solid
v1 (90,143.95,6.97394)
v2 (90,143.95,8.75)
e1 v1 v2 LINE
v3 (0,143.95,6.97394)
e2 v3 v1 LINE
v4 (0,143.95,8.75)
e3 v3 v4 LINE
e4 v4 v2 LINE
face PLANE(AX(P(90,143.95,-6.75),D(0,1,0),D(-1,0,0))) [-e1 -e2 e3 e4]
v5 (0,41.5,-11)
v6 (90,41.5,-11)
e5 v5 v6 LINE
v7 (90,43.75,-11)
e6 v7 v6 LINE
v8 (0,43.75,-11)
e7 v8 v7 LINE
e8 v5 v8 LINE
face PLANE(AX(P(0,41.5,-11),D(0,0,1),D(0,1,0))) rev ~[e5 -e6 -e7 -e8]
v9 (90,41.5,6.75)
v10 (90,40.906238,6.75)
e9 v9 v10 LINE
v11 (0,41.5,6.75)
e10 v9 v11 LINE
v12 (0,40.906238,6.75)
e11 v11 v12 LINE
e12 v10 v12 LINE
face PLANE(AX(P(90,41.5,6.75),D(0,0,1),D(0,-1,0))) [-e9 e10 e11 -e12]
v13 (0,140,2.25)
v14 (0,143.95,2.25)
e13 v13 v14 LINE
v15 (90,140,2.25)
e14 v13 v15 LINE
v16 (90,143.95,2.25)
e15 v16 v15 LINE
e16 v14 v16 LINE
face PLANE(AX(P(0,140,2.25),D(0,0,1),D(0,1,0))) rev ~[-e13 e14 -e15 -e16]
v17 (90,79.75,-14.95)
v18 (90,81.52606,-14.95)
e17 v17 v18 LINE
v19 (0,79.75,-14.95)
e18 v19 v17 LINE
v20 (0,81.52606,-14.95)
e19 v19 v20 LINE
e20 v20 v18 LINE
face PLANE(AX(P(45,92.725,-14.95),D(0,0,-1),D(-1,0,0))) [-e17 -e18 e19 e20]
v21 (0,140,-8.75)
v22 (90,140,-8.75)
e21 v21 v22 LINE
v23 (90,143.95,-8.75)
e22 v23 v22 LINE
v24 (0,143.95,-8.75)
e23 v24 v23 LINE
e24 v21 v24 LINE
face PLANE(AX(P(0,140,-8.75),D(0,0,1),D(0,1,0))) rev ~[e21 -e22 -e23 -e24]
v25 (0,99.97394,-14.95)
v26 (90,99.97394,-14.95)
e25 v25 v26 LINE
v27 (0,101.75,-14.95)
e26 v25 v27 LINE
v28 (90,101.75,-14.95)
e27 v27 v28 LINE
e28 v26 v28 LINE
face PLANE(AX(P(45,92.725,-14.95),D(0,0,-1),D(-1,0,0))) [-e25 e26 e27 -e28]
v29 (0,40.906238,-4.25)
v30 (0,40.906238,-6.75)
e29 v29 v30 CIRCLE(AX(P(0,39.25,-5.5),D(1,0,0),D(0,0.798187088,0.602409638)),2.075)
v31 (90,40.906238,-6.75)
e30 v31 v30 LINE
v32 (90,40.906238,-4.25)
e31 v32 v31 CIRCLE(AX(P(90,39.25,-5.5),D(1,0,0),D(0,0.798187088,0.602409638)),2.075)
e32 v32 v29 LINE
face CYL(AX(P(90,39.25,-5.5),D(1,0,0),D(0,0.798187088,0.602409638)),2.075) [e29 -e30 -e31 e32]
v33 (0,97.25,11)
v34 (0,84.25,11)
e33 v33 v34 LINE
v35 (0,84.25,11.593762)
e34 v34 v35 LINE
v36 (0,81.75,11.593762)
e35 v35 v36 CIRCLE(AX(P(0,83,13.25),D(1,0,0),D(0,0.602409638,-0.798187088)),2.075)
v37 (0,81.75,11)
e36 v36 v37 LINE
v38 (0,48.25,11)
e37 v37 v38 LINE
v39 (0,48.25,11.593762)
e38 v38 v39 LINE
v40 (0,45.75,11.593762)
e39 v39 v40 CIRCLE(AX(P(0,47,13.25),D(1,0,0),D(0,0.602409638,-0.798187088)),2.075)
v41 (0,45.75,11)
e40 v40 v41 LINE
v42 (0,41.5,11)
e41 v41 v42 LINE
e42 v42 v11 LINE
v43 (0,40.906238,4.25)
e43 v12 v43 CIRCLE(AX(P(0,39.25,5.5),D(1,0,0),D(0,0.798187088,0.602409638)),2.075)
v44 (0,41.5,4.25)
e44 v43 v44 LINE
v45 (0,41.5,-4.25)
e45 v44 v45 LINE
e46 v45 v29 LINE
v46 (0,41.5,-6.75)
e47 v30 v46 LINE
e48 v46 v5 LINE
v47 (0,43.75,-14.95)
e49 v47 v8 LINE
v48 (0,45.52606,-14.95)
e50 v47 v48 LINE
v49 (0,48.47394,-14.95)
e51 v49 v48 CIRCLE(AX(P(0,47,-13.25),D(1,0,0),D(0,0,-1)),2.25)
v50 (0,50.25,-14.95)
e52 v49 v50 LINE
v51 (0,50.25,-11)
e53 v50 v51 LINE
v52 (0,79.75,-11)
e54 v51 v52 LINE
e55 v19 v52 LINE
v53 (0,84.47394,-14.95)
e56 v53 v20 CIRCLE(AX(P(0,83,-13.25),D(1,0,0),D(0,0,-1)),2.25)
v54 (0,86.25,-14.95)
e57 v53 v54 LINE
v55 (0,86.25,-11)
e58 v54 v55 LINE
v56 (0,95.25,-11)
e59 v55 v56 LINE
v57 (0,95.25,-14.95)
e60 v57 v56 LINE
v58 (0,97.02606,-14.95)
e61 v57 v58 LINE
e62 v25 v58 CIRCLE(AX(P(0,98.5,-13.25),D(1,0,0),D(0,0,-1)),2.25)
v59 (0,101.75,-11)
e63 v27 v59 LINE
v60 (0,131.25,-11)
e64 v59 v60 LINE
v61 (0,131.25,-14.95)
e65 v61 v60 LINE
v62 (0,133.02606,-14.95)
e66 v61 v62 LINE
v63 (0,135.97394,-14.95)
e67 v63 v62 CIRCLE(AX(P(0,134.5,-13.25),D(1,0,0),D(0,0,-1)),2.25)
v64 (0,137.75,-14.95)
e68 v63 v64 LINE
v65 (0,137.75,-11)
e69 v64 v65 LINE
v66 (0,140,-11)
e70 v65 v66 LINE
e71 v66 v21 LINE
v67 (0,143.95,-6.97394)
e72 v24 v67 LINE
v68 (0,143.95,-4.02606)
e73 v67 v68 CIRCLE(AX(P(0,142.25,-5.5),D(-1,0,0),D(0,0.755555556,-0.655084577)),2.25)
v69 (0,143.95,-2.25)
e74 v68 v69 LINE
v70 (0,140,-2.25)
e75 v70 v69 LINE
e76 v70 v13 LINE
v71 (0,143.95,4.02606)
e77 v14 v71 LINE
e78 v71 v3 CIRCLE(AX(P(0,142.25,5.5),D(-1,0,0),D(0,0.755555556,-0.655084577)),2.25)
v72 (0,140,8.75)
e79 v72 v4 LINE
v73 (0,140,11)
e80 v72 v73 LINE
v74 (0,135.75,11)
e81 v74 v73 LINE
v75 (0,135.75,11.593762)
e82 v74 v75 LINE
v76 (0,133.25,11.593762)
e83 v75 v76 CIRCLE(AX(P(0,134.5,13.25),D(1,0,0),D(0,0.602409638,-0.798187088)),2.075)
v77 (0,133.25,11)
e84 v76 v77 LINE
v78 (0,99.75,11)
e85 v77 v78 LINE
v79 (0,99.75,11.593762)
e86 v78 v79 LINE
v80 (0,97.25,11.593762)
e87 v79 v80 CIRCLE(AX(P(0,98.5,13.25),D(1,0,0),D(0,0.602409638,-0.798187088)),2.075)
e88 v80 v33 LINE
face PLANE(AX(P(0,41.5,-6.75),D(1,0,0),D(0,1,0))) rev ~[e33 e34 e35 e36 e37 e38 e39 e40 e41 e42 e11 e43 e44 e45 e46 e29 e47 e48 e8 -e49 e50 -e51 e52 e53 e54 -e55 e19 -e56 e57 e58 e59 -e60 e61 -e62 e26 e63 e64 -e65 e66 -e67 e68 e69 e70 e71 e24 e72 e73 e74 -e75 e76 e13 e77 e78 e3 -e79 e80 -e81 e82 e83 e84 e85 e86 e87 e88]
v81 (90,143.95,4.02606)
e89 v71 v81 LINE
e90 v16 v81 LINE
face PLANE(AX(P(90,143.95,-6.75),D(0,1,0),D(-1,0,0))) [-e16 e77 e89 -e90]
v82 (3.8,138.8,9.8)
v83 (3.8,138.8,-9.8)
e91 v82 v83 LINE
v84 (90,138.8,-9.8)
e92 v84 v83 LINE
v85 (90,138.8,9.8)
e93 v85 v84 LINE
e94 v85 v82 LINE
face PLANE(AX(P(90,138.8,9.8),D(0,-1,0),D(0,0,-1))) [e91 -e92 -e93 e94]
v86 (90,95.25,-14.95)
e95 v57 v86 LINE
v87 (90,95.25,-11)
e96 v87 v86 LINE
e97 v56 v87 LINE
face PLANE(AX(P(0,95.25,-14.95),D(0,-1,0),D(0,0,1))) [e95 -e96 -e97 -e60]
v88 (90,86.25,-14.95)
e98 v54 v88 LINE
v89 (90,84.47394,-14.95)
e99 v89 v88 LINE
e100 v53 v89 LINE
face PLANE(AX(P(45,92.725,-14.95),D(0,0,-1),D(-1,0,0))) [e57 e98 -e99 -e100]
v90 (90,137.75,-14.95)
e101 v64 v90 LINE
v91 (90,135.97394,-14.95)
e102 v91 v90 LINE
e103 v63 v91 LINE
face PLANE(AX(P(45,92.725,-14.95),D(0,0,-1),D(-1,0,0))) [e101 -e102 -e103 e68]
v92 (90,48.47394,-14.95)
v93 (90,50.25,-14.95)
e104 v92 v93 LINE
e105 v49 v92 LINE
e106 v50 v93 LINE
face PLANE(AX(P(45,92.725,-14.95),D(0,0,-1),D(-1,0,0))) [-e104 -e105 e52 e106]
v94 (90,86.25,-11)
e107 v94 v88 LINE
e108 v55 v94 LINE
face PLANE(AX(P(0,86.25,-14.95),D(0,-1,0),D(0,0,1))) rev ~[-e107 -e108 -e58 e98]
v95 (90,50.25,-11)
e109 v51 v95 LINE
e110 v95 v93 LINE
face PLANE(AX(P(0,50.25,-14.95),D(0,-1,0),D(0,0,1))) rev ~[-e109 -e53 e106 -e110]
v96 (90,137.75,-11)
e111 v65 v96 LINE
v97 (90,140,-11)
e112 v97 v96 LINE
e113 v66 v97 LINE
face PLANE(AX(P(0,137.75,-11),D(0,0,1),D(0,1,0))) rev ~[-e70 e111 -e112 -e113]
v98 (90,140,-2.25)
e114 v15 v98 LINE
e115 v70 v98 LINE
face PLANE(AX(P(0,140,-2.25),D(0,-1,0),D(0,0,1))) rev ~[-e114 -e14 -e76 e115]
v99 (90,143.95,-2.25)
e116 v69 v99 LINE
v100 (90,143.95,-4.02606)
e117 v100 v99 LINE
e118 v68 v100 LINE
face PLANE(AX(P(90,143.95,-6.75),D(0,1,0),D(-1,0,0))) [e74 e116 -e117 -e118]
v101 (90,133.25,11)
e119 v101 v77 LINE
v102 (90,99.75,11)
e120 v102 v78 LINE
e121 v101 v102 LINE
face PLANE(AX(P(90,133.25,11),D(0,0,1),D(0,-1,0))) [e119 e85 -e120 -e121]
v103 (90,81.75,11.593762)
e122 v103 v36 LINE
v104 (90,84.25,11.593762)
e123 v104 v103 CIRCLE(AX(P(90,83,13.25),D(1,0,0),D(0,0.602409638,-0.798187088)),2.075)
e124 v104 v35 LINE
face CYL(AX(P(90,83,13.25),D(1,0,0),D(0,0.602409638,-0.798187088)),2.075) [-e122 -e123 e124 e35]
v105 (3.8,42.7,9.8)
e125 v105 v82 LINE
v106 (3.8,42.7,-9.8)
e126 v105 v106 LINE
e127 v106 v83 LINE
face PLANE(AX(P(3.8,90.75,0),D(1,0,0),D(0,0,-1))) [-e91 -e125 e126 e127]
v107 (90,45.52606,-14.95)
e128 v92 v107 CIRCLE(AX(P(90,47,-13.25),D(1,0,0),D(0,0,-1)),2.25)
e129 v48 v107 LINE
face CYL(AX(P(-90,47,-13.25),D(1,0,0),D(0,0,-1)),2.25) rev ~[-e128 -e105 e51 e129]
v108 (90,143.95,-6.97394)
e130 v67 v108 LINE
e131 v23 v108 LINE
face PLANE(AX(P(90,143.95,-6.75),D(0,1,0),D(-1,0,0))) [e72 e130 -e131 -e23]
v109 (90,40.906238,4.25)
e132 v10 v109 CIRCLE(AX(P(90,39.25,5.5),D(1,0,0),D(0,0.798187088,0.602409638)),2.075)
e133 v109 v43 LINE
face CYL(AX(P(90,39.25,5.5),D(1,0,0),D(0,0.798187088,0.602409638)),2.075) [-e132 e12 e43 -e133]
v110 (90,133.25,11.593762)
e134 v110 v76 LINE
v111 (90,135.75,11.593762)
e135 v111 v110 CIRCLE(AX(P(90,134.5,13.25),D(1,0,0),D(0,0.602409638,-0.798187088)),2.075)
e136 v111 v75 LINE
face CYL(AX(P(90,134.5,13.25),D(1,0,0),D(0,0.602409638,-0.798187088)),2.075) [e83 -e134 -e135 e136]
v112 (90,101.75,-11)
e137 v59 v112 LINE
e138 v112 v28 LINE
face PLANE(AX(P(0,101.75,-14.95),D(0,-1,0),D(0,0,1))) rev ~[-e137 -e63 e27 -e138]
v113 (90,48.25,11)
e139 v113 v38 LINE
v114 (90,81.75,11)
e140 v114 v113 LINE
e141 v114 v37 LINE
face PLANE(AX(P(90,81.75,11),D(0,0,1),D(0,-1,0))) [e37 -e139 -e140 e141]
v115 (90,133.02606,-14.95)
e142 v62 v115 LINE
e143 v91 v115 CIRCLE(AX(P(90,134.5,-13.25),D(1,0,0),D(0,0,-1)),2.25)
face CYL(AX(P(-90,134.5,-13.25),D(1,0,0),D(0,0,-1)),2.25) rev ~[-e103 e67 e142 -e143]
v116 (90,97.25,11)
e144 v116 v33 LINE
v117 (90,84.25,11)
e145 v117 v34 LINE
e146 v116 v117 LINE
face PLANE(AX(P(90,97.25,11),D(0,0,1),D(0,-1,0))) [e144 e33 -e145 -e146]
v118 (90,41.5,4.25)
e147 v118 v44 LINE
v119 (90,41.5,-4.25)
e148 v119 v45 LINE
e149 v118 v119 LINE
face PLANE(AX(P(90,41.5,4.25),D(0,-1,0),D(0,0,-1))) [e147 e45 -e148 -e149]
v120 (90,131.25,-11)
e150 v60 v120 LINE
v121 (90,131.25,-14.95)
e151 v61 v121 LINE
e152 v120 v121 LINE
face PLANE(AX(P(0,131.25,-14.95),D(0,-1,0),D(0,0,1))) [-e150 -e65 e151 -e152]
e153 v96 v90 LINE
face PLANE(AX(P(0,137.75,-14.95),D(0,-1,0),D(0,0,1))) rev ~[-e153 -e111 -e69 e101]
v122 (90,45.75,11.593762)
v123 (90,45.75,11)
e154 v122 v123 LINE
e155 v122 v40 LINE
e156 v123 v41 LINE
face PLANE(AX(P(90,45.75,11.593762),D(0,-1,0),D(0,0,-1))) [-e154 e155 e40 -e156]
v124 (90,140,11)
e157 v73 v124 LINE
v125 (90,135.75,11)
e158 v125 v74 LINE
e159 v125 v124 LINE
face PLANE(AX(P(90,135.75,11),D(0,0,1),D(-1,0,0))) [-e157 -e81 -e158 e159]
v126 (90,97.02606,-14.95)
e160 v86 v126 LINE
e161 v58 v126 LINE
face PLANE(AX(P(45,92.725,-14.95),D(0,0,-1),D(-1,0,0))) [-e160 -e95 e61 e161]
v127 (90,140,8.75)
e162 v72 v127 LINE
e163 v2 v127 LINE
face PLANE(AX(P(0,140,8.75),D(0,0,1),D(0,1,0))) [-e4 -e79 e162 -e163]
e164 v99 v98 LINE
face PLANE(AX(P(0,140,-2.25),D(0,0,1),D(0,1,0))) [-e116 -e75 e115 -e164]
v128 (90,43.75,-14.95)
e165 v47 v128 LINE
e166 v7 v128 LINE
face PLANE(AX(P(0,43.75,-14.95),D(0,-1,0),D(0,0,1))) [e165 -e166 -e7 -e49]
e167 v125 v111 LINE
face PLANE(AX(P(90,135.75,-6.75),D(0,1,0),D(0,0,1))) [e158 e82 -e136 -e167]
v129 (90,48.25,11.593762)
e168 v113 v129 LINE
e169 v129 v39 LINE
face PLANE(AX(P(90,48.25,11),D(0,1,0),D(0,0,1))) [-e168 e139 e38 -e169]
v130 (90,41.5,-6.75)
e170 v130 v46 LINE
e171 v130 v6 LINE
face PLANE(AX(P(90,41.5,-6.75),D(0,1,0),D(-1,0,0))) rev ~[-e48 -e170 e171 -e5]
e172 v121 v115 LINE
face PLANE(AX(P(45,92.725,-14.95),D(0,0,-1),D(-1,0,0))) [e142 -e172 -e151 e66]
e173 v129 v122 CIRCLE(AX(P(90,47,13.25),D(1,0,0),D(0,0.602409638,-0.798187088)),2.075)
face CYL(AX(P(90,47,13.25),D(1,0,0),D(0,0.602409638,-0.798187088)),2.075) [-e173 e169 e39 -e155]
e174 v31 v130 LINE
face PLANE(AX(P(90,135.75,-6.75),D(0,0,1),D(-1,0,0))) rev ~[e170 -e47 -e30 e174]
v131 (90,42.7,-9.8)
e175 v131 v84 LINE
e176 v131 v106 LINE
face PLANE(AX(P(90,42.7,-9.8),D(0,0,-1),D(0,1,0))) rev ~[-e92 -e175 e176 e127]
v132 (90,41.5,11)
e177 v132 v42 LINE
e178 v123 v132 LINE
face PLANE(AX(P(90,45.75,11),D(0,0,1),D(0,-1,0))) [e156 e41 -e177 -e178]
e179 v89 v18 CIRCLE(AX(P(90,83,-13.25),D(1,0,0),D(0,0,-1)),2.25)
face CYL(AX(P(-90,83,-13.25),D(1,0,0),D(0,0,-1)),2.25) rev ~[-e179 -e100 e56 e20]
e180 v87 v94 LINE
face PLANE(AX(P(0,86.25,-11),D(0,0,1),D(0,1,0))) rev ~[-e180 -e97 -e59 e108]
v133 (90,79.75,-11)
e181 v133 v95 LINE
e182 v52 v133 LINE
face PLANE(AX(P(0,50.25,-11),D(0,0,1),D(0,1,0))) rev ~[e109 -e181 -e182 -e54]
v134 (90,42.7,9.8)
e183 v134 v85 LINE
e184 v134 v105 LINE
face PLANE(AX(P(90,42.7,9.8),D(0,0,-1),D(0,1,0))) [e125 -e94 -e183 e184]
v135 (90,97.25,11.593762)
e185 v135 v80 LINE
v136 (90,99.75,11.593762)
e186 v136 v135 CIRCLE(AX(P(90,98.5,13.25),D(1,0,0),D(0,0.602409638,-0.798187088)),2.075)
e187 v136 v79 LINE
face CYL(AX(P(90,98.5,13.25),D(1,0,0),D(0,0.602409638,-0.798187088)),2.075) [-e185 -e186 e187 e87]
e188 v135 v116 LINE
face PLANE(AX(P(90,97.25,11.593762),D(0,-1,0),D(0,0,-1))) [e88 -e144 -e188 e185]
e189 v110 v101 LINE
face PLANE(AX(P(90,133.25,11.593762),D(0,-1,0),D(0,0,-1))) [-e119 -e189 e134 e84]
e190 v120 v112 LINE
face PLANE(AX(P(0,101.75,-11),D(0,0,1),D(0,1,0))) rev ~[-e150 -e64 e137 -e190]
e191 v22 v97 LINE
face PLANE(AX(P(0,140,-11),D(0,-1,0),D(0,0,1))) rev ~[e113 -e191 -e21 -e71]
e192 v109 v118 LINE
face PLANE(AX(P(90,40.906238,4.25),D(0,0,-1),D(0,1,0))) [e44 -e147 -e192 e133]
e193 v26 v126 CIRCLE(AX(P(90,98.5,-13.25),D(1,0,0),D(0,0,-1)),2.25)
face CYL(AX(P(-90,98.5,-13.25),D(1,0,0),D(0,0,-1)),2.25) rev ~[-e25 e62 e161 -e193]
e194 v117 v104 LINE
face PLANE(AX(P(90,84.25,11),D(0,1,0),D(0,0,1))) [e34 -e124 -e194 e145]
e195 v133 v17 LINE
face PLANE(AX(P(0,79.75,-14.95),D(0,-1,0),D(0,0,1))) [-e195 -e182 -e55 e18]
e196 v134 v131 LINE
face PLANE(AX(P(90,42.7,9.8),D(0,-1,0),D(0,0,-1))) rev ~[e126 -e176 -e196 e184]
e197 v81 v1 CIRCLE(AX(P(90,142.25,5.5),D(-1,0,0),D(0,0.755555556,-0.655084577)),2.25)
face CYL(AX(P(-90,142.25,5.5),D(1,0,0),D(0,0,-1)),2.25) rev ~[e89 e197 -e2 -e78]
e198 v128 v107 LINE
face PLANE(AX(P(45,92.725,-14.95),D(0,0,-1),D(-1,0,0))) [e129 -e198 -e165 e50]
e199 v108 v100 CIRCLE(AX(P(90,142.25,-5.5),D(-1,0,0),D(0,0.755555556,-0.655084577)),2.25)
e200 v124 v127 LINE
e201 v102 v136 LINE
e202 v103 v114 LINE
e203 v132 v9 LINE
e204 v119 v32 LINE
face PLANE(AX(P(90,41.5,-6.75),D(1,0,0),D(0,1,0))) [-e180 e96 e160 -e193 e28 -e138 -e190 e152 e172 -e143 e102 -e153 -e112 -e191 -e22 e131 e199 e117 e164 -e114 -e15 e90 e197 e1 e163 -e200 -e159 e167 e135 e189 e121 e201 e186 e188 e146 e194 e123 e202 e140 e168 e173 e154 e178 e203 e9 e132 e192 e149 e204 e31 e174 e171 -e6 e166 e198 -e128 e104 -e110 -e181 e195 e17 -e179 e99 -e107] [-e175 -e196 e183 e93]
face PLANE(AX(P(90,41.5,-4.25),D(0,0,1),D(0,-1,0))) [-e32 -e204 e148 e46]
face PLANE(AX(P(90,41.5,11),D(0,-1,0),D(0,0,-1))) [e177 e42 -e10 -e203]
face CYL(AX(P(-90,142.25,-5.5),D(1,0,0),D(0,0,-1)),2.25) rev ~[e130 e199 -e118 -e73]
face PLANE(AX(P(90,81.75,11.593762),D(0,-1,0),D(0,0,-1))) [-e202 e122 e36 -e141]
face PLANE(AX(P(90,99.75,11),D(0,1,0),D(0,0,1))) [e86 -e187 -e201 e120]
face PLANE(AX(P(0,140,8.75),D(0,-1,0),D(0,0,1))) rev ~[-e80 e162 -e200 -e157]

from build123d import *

# Parameters (mm, degrees)
EXTRUDE_1_DEPTH             = 90
SKETCH_2_W                  = 90
SKETCH_2_H                  = 17.75
EXTRUDE_2_DEPTH             = 8.2
SKETCH_3_W                  = 90
SKETCH_3_H                  = 102.45
EXTRUDE_3_DEPTH             = 8.2
SKETCH_4_W                  = 3.95
SKETCH_4_H                  = 2.25
CUT_EXTRUDE_1_DEPTH         = 91
SKETCH_5_W                  = 3.95
SKETCH_5_H                  = 29.5
CUT_EXTRUDE_2_DEPTH         = 91
SKETCH_6_W                  = 3.95
SKETCH_6_H                  = 9
CUT_EXTRUDE_3_DEPTH         = 91
SKETCH_7_W                  = 3.95
SKETCH_7_H                  = 29.5
CUT_EXTRUDE_4_DEPTH         = 91
SKETCH_8_W                  = 3.95
SKETCH_8_H                  = 6.2
CUT_EXTRUDE_5_DEPTH         = 91
SKETCH_9_W                  = 2.25
SKETCH_9_H                  = 3.95
CUT_EXTRUDE_6_DEPTH         = 91
SKETCH_10_W                 = 4.5
SKETCH_10_H                 = 3.95
CUT_EXTRUDE_7_DEPTH         = 91
SKETCH_11_W                 = 2.25
SKETCH_11_H                 = 3.95
CUT_EXTRUDE_8_DEPTH         = 91
SKETCH_12_W                 = 19.6
SKETCH_12_H                 = 96.1
CUT_EXTRUDE_9_DEPTH         = 86.2
HOLE_WIZARD_4_5_4_5_1_D     = 4.5
HOLE_WIZARD_4_5_4_5_1_DEPTH = 90
HOLE_WIZARD_2_5_2_5_1_D     = 2.5
HOLE_WIZARD_2_5_2_5_1_DEPTH = 90
SKETCH_20_R                 = 1.649948342
SKETCH_20_R_2               = 1.660581376
SKETCH_20_R_3               = 1.430745594
SKETCH_20_R_4               = 1.573250385
SKETCH_20_R_5               = 1.502029841
SKETCH_20_R_6               = 1.53795619
EXTRUDE_5_DEPTH             = 90


with BuildPart() as part:
    # Эскиз1 → Бобышка-Вытянуть1 (new body)
    with BuildSketch(Plane(origin=(90, 0, 0), x_dir=(0, 0, -1), z_dir=(1, 0, 0))):
        with BuildLine():
            Line((6.75, 40.906238208), (6.75, 135.75))
            Line((6.75, 135.75), (-11.593761792, 135.75))
            ThreePointArc((-11.593761792, 135.75), (-15.325, 134.5), (-11.593761793, 133.25))
            Line((-11.593761793, 133.25), (-11, 133.25))
            Line((-11, 133.25), (-11, 99.75))
            Line((-11, 99.75), (-11.593761792, 99.75))
            ThreePointArc((-11.593761792, 99.75), (-15.325, 98.5), (-11.593761792, 97.25))
            Line((-11.593761792, 97.25), (-11, 97.25))
            Line((-11, 97.25), (-11, 84.25))
            Line((-11, 84.25), (-11.593761792, 84.25))
            ThreePointArc((-11.593761792, 84.25), (-15.325, 83), (-11.593761792, 81.75))
            Line((-11.593761792, 81.75), (-11, 81.75))
            Line((-11, 81.75), (-11, 48.25))
            Line((-11, 48.25), (-11.593761792, 48.25))
            ThreePointArc((-11.593761792, 48.25), (-15.325, 47), (-11.593761792, 45.75))
            Line((-11.593761792, 45.75), (-11, 45.75))
            Line((-11, 45.75), (-11, 41.5))
            Line((-11, 41.5), (-6.75, 41.5))
            Line((-6.75, 41.5), (-6.75, 40.906238208))
            ThreePointArc((-6.75, 40.906238208), (-5.5, 37.175), (-4.25, 40.906238208))
            Line((-4.25, 40.906238208), (-4.25, 41.5))
            Line((-4.25, 41.5), (4.25, 41.5))
            Line((4.25, 41.5), (4.25, 40.906238208))
            ThreePointArc((4.25, 40.906238208), (5.5, 37.175), (6.75, 40.906238208))
        make_face()
    extrude(amount=-EXTRUDE_1_DEPTH)

    # Эскиз2 → Бобышка-Вытянуть2 (add)
    with BuildSketch(Plane(origin=(0, 135.75, 0), x_dir=(-1, 0, 0), z_dir=(0, 1, 0))):
        with Locations((-45, 2.125)):
            Rectangle(SKETCH_2_W, SKETCH_2_H)
    extrude(amount=EXTRUDE_2_DEPTH)

    # Эскиз3 → Бобышка-Вытянуть3 (add)
    with BuildSketch(Plane(origin=(0, 0, -6.75), x_dir=(-1, 0, 0), z_dir=(0, 0, -1))):
        with Locations((-45, 92.725)):
            Rectangle(SKETCH_3_W, SKETCH_3_H)
    extrude(amount=EXTRUDE_3_DEPTH)

    # Эскиз4 → Вырез-Вытянуть1 (cut, through all)
    with BuildSketch(Plane.ZY):
        with Locations((-12.975, 42.625)):
            Rectangle(SKETCH_4_W, SKETCH_4_H)
    extrude(amount=-CUT_EXTRUDE_1_DEPTH, mode=Mode.SUBTRACT)

    # Эскиз5 → Вырез-Вытянуть2 (cut, through all)
    with BuildSketch(Plane.ZY):
        with Locations((-12.975, 65)):
            Rectangle(SKETCH_5_W, SKETCH_5_H)
    extrude(amount=-CUT_EXTRUDE_2_DEPTH, mode=Mode.SUBTRACT)

    # Эскиз6 → Вырез-Вытянуть3 (cut, through all)
    with BuildSketch(Plane.ZY):
        with Locations((-12.975, 90.75)):
            Rectangle(SKETCH_6_W, SKETCH_6_H)
    extrude(amount=-CUT_EXTRUDE_3_DEPTH, mode=Mode.SUBTRACT)

    # Эскиз7 → Вырез-Вытянуть4 (cut, through all)
    with BuildSketch(Plane.ZY):
        with Locations((-12.975, 116.5)):
            Rectangle(SKETCH_7_W, SKETCH_7_H)
    extrude(amount=-CUT_EXTRUDE_4_DEPTH, mode=Mode.SUBTRACT)

    # Эскиз8 → Вырез-Вытянуть5 (cut, through all)
    with BuildSketch(Plane.ZY):
        with Locations((-12.975, 140.85)):
            Rectangle(SKETCH_8_W, SKETCH_8_H)
    extrude(amount=-CUT_EXTRUDE_5_DEPTH, mode=Mode.SUBTRACT)

    # Эскиз9 → Вырез-Вытянуть6 (cut, through all)
    with BuildSketch(Plane.ZY):
        with Locations((-9.875, 141.975)):
            Rectangle(SKETCH_9_W, SKETCH_9_H)
    extrude(amount=-CUT_EXTRUDE_6_DEPTH, mode=Mode.SUBTRACT)

    # Эскиз10 → Вырез-Вытянуть7 (cut, through all)
    with BuildSketch(Plane.ZY):
        with Locations((0, 141.975)):
            Rectangle(SKETCH_10_W, SKETCH_10_H)
    extrude(amount=-CUT_EXTRUDE_7_DEPTH, mode=Mode.SUBTRACT)

    # Эскиз11 → Вырез-Вытянуть8 (cut, through all)
    with BuildSketch(Plane.ZY):
        with Locations((9.875, 141.975)):
            Rectangle(SKETCH_11_W, SKETCH_11_H)
    extrude(amount=-CUT_EXTRUDE_8_DEPTH, mode=Mode.SUBTRACT)

    # Эскиз12 → Вырез-Вытянуть9 (cut)
    with BuildSketch(Plane(origin=(90, 0, 0), x_dir=(0, 0, -1), z_dir=(1, 0, 0))):
        with Locations((0, 90.75)):
            Rectangle(SKETCH_12_W, SKETCH_12_H)
    extrude(amount=-CUT_EXTRUDE_9_DEPTH, mode=Mode.SUBTRACT)

    # Диаметр отверстия Ø4.5 (4.5)1
    with Locations(Plane.ZY):
        with Locations((-13.25, 47), (-13.25, 83), (-13.25, 98.5), (-13.25, 134.5), (-5.5, 142.25), (5.5, 142.25)):
            Hole(HOLE_WIZARD_4_5_4_5_1_D / 2, depth=HOLE_WIZARD_4_5_4_5_1_DEPTH)

    # Диаметр отверстия Ø2.5 (2.5)1
    with Locations(Plane(origin=(90, 0, 0), x_dir=(0, 0, -1), z_dir=(1, 0, 0))):
        with Locations((-13.25, 98.5), (-13.25, 134.5), (-13.25, 47), (-13.25, 83), (5.5, 39.25), (-5.5, 39.25)):
            Hole(HOLE_WIZARD_2_5_2_5_1_D / 2, depth=HOLE_WIZARD_2_5_2_5_1_DEPTH)

    # Эскиз20 → Бобышка-Вытянуть5 (add)
    with BuildSketch(Plane(origin=(90, 0, 0), x_dir=(0, 0, -1), z_dir=(1, 0, 0))):
        with Locations((-13.25, 134.5)):
            Circle(SKETCH_20_R)
        with Locations((-13.25, 98.5)):
            Circle(SKETCH_20_R_2)
        with Locations((-13.25, 83)):
            Circle(SKETCH_20_R_3)
        with Locations((-13.25, 47)):
            Circle(SKETCH_20_R_4)
        with Locations((-5.5, 39.25)):
            Circle(SKETCH_20_R_5)
        with Locations((5.5, 39.25)):
            Circle(SKETCH_20_R_6)
    extrude(amount=-EXTRUDE_5_DEPTH)


solid = part.part
